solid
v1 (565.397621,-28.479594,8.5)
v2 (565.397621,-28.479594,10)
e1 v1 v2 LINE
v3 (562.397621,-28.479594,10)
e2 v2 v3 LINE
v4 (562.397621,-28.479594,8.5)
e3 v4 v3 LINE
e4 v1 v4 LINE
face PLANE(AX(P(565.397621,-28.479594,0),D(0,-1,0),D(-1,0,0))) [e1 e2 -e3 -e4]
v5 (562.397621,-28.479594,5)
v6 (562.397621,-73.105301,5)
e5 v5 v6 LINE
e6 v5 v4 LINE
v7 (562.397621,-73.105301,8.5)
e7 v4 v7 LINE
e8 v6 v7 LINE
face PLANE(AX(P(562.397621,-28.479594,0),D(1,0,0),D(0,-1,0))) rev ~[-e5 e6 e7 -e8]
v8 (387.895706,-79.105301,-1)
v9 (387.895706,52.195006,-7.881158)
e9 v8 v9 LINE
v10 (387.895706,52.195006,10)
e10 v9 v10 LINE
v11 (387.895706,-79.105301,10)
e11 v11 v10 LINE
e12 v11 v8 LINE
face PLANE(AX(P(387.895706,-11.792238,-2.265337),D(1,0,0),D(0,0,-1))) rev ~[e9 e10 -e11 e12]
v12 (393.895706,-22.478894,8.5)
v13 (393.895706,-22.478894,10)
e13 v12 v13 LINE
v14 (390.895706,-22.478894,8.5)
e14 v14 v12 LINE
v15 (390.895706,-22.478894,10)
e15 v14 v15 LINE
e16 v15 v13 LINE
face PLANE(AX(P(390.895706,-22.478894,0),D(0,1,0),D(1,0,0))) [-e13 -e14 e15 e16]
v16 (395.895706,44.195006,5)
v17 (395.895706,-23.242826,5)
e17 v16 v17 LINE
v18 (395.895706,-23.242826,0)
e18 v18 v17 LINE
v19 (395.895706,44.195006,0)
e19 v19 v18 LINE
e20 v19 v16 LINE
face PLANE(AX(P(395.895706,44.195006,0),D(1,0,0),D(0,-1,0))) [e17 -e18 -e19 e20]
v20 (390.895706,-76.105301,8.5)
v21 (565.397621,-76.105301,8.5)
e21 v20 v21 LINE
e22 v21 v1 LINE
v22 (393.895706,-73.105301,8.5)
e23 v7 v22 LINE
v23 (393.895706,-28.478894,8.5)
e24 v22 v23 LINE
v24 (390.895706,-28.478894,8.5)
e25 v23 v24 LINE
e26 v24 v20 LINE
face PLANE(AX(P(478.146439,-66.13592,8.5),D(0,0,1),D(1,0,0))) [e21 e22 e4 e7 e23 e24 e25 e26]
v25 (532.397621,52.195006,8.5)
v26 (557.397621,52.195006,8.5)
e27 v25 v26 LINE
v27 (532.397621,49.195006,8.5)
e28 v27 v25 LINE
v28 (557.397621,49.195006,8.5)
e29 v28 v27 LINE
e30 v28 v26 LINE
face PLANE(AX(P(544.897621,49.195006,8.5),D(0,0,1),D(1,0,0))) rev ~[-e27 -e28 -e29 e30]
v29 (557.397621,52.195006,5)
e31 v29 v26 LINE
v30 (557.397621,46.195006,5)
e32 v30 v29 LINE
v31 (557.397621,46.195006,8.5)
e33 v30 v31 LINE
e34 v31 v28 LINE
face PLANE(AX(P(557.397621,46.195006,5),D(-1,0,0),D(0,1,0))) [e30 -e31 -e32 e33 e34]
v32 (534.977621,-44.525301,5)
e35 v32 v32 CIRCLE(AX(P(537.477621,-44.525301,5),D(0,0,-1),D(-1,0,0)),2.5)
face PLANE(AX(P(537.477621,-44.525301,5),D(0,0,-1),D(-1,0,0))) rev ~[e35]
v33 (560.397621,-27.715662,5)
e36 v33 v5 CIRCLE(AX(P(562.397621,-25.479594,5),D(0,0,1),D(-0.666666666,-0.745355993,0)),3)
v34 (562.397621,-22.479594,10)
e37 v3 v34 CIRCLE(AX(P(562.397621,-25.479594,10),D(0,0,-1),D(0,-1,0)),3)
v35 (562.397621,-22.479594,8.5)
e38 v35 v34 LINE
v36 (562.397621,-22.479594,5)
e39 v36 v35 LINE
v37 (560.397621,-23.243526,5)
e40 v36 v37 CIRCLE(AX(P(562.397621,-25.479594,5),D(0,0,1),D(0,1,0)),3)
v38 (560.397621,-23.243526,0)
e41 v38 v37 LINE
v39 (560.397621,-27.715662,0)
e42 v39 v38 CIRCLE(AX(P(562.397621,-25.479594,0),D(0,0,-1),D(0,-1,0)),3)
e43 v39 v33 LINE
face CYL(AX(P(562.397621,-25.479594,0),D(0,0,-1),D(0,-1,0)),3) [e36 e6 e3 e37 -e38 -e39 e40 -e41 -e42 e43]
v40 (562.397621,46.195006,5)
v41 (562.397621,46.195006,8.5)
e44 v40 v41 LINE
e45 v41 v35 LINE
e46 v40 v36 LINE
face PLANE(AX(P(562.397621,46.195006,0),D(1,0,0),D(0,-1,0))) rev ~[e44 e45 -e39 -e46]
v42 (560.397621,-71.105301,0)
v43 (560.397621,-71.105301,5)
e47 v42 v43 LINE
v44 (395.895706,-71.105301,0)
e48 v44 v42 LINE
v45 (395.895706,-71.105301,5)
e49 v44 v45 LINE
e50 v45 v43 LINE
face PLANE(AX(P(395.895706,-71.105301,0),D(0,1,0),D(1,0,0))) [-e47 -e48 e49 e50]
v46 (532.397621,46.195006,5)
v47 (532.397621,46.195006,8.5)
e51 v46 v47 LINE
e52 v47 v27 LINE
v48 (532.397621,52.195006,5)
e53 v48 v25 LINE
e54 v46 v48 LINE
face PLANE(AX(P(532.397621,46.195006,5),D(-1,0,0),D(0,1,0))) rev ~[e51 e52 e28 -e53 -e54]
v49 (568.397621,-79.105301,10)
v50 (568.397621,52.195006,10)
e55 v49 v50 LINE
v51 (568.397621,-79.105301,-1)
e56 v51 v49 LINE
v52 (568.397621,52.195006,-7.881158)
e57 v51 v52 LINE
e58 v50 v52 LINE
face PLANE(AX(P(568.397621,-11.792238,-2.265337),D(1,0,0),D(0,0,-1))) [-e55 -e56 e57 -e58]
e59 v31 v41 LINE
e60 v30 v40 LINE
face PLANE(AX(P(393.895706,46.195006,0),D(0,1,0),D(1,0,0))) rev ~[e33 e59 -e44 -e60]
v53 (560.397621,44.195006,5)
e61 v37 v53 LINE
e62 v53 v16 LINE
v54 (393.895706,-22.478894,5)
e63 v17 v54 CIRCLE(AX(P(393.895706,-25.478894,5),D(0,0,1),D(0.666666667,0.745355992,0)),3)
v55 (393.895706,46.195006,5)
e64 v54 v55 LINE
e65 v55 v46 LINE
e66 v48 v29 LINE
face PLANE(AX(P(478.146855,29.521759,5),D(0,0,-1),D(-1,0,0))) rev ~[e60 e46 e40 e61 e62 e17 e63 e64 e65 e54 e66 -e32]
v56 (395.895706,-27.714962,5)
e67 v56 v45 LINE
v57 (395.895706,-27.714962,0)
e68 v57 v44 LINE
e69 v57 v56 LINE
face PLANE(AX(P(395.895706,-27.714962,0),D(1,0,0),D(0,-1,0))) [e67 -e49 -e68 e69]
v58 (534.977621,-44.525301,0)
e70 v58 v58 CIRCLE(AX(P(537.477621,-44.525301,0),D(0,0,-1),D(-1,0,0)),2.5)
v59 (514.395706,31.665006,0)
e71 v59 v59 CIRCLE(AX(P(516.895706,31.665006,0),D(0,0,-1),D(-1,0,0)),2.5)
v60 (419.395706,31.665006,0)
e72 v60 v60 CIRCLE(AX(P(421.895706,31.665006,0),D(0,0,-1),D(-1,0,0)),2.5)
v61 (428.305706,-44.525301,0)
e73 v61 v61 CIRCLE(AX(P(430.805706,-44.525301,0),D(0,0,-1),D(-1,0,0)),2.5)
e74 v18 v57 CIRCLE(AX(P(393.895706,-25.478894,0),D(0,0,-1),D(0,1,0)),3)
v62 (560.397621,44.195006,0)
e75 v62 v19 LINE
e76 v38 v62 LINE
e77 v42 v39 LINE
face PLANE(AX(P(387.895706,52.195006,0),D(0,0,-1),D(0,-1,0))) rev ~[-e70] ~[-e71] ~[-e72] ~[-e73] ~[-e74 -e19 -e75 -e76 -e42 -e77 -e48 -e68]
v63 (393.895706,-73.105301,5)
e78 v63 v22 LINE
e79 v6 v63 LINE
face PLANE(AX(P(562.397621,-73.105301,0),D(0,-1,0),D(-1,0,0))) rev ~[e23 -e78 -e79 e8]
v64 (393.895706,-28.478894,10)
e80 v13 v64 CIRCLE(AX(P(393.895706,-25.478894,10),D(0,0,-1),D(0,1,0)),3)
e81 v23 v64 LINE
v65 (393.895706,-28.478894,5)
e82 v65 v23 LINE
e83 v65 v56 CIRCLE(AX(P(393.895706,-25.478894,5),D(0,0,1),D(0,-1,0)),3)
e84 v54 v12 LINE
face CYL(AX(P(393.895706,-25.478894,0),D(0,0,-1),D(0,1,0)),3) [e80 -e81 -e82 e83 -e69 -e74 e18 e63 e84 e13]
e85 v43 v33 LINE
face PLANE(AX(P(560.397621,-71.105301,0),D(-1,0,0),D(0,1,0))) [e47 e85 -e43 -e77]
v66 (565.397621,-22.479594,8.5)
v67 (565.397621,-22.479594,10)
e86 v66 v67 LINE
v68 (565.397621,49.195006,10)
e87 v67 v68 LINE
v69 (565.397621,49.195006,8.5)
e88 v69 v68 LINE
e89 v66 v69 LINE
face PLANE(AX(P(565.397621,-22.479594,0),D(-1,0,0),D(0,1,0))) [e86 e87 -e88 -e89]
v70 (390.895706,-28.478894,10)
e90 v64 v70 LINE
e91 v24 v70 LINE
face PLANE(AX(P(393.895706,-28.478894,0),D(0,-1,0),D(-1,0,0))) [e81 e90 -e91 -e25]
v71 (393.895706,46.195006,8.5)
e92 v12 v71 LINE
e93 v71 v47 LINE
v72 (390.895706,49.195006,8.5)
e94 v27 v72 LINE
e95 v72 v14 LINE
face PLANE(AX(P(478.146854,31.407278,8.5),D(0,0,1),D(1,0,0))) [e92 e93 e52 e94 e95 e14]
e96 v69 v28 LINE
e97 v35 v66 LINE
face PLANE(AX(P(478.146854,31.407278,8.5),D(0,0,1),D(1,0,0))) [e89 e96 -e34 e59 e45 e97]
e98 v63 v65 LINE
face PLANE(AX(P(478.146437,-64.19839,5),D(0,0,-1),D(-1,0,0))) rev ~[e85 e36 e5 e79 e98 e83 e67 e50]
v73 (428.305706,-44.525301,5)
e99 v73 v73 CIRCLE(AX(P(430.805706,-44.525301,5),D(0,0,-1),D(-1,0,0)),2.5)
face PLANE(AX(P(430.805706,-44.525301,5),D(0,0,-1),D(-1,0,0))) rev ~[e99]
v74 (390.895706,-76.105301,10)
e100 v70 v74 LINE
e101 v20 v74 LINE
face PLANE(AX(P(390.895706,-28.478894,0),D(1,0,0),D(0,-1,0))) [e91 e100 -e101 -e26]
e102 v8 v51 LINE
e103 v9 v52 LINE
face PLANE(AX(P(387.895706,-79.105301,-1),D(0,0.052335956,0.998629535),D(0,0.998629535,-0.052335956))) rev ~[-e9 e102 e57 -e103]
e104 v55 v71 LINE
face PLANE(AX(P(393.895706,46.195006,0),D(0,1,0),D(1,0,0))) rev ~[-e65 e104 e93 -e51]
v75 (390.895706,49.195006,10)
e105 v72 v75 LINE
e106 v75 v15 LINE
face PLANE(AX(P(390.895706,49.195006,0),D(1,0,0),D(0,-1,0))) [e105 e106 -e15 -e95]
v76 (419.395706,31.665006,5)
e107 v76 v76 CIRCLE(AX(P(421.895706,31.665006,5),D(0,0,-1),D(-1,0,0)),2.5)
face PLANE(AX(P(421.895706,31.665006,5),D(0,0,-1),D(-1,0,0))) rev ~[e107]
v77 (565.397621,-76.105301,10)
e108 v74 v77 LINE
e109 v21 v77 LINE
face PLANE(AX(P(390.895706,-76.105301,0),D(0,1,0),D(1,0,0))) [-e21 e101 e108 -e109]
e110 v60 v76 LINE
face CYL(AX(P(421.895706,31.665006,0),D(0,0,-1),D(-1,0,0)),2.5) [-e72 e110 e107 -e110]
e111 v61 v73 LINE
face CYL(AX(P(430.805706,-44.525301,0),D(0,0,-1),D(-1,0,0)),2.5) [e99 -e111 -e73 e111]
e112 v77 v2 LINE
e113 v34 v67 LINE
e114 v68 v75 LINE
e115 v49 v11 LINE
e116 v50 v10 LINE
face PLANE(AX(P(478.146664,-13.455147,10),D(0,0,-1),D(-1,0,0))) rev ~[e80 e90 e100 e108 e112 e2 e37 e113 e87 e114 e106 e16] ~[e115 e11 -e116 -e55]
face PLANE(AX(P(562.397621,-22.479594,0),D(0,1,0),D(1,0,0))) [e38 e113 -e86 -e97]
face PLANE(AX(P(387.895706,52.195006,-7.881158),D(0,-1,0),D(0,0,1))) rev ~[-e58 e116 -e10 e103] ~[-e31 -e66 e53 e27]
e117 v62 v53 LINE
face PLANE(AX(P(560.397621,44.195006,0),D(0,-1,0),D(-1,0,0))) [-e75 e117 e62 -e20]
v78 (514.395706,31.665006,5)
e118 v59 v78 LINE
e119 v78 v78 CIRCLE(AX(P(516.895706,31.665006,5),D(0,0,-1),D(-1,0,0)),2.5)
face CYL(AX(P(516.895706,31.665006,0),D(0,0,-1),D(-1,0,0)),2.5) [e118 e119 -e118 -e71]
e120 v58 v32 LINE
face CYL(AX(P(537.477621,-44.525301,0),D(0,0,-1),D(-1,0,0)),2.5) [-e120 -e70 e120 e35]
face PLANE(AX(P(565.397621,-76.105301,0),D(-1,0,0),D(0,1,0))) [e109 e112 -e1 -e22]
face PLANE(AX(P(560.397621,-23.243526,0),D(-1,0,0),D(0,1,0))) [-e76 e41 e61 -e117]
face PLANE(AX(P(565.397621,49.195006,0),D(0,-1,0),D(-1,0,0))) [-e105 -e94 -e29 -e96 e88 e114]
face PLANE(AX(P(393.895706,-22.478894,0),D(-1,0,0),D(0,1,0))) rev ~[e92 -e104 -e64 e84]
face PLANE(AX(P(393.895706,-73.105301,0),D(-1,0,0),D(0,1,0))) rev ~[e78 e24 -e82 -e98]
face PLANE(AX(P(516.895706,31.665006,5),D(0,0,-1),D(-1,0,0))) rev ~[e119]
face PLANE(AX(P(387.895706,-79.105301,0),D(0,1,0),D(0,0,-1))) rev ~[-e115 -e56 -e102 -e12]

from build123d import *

# Parameters (mm, degrees)
EXTRUDE_3_DEPTH     = 8.5
EXTRUDE_3_2_DEPTH   = 8.5
SKETCH_4_W          = 180.5019154
SKETCH_4_H          = 131.300307
EXTRUDE_5_DEPTH     = 10
EXTRUDE_6_DEPTH     = 5
SKETCH_8_W          = 25
SKETCH_8_H          = 6
CUT_EXTRUDE_1_DEPTH = 3.5
SKETCH_9_R          = 2.5
EXTRUDE_7_DEPTH     = 5
EXTRUDE_7_2_DEPTH   = 5
EXTRUDE_7_3_DEPTH   = 5
EXTRUDE_7_4_DEPTH   = 5
EXTRUDE_8_DEPTH     = 180.5019154


with BuildPart() as part:
    # Model → 凸台-拉伸3 (new body)
    with BuildSketch(Plane.XY):
        Polygon((565.397621393, -28.479593633), (562.397621393, -28.479593633), (562.397621393, -73.105300633), (393.895705993, -73.105300633), (393.895705993, -28.478893633), (390.895705993, -28.478893633), (390.895705993, -76.105300633), (565.397621393, -76.105300633), align=None)
    extrude(amount=EXTRUDE_3_DEPTH)



with BuildPart() as body_2:
    # Model → Extrude 3 2 (new body)
    with BuildSketch(Plane.XY):
        Polygon((393.895705993, -22.478893633), (393.895705993, 46.195006367), (562.397621393, 46.195006367), (562.397621393, -22.479593633), (565.397621393, -22.479593633), (565.397621393, 49.195006367), (390.895705993, 49.195006367), (390.895705993, -22.478893633), align=None)
    extrude(amount=EXTRUDE_3_2_DEPTH)


with BuildPart() as part_1:
    add(part.part)

    add(body_2.part)  # 凸台-拉伸5 merges body 2
    # 草图4 → 凸台-拉伸5 (add)
    with BuildSketch(Plane(origin=(0, 0, 0), x_dir=(-1, 0, 0), z_dir=(0, 0, -1))):
        with Locations((-478.146663693, -13.455147133)):
            Rectangle(SKETCH_4_W, SKETCH_4_H)
        with BuildLine():
            ThreePointArc((-562.397621393, -28.479593633), (-559.397621393, -25.479593633), (-562.397621393, -22.479593633))
            Line((-562.397621393, -22.479593633), (-565.397621393, -22.479593633))
            Line((-565.397621393, -22.479593633), (-565.397621393, 49.195006367))
            Line((-565.397621393, 49.195006367), (-390.895705993, 49.195006367))
            Line((-390.895705993, 49.195006367), (-390.895705993, -22.478893633))
            Line((-390.895705993, -22.478893633), (-393.895705993, -22.478893633))
            ThreePointArc((-393.895705993, -22.478893633), (-396.895705993, -25.478893633), (-393.895705993, -28.478893633))
            Line((-393.895705993, -28.478893633), (-390.895705993, -28.478893633))
            Line((-390.895705993, -28.478893633), (-390.895705993, -76.105300633))
            Line((-390.895705993, -76.105300633), (-565.397621393, -76.105300633))
            Line((-565.397621393, -76.105300633), (-565.397621393, -28.479593633))
            Line((-565.397621393, -28.479593633), (-562.397621393, -28.479593633))
        make_face(mode=Mode.SUBTRACT)
    extrude(amount=-EXTRUDE_5_DEPTH)

    # 草图5 → 凸台-拉伸6 (add)
    with BuildSketch(Plane(origin=(0, 0, 0), x_dir=(-1, 0, 0), z_dir=(0, 0, -1))):
        with BuildLine():
            Line((-562.397621393, 46.195006367), (-562.397621393, -22.479593633))
            ThreePointArc((-562.397621393, -22.479593633), (-561.327155124, -22.677076556), (-560.397621393, -23.243525656))
            Line((-560.397621393, -23.243525656), (-560.397621393, 44.195006367))
            Line((-560.397621393, 44.195006367), (-395.895705993, 44.195006367))
            Line((-395.895705993, 44.195006367), (-395.895705993, -23.242825656))
            ThreePointArc((-395.895705993, -23.242825656), (-394.966172262, -22.676376556), (-393.895705993, -22.478893633))
            Line((-393.895705993, -22.478893633), (-393.895705993, 46.195006367))
            Line((-393.895705993, 46.195006367), (-562.397621393, 46.195006367))
        make_face()
        with BuildLine():
            Line((-560.397621393, -71.105300633), (-560.397621393, -27.715661611))
            ThreePointArc((-560.397621393, -27.715661611), (-561.327155124, -28.28211071), (-562.397621393, -28.479593633))
            Line((-562.397621393, -28.479593633), (-562.397621393, -73.105300633))
            Line((-562.397621393, -73.105300633), (-393.895705993, -73.105300633))
            Line((-393.895705993, -73.105300633), (-393.895705993, -28.478893633))
            ThreePointArc((-393.895705993, -28.478893633), (-394.966172262, -28.28141071), (-395.895705993, -27.714961611))
            Line((-395.895705993, -27.714961611), (-395.895705993, -71.105300633))
            Line((-395.895705993, -71.105300633), (-560.397621393, -71.105300633))
        make_face()
    extrude(amount=-EXTRUDE_6_DEPTH)

    # 草图8 → 切除-拉伸1 (cut)
    with BuildSketch(Plane.XY.offset(5)):
        with Locations((544.897621393, 49.195006367)):
            Rectangle(SKETCH_8_W, SKETCH_8_H)
    extrude(amount=CUT_EXTRUDE_1_DEPTH, mode=Mode.SUBTRACT)



with BuildPart() as body_2_2:
    # 草图9 → 凸台-拉伸7 (new body)
    with BuildSketch(Plane(origin=(0, 0, 0), x_dir=(-1, 0, 0), z_dir=(0, 0, -1))):
        with Locations((-430.805705993, -44.525300633)):
            Circle(SKETCH_9_R)
    extrude(amount=-EXTRUDE_7_DEPTH)


with BuildPart() as body_3:
    # 草图9 → Extrude 7 2 (new body)
    with BuildSketch(Plane(origin=(0, 0, 0), x_dir=(-1, 0, 0), z_dir=(0, 0, -1))):
        with Locations((-537.477621393, -44.525300633)):
            Circle(SKETCH_9_R)
    extrude(amount=-EXTRUDE_7_2_DEPTH)


with BuildPart() as body_4:
    # 草图9 → Extrude 7 3 (new body)
    with BuildSketch(Plane(origin=(0, 0, 0), x_dir=(-1, 0, 0), z_dir=(0, 0, -1))):
        with Locations((-421.895705993, 31.665006367)):
            Circle(SKETCH_9_R)
    extrude(amount=-EXTRUDE_7_3_DEPTH)


with BuildPart() as body_5:
    # 草图9 → Extrude 7 4 (new body)
    with BuildSketch(Plane(origin=(0, 0, 0), x_dir=(-1, 0, 0), z_dir=(0, 0, -1))):
        with Locations((-516.895705993, 31.665006367)):
            Circle(SKETCH_9_R)
    extrude(amount=-EXTRUDE_7_4_DEPTH)


with BuildPart() as part_2:
    add(part_1.part)

    add(body_2_2.part)  # 凸台-拉伸8 merges body 2 2

    add(body_3.part)  # 凸台-拉伸8 merges body 3

    add(body_4.part)  # 凸台-拉伸8 merges body 4

    add(body_5.part)  # 凸台-拉伸8 merges body 5
    # 草图10 → 凸台-拉伸8 (add)
    with BuildSketch(Plane.ZY.offset(-387.895705993)):
        Polygon((-1, -79.105300633), (-7.881157509, 52.195006367), (0, 52.195006367), (0, -79.105300633), align=None)
    extrude(amount=-EXTRUDE_8_DEPTH)


solid = part_2.part
